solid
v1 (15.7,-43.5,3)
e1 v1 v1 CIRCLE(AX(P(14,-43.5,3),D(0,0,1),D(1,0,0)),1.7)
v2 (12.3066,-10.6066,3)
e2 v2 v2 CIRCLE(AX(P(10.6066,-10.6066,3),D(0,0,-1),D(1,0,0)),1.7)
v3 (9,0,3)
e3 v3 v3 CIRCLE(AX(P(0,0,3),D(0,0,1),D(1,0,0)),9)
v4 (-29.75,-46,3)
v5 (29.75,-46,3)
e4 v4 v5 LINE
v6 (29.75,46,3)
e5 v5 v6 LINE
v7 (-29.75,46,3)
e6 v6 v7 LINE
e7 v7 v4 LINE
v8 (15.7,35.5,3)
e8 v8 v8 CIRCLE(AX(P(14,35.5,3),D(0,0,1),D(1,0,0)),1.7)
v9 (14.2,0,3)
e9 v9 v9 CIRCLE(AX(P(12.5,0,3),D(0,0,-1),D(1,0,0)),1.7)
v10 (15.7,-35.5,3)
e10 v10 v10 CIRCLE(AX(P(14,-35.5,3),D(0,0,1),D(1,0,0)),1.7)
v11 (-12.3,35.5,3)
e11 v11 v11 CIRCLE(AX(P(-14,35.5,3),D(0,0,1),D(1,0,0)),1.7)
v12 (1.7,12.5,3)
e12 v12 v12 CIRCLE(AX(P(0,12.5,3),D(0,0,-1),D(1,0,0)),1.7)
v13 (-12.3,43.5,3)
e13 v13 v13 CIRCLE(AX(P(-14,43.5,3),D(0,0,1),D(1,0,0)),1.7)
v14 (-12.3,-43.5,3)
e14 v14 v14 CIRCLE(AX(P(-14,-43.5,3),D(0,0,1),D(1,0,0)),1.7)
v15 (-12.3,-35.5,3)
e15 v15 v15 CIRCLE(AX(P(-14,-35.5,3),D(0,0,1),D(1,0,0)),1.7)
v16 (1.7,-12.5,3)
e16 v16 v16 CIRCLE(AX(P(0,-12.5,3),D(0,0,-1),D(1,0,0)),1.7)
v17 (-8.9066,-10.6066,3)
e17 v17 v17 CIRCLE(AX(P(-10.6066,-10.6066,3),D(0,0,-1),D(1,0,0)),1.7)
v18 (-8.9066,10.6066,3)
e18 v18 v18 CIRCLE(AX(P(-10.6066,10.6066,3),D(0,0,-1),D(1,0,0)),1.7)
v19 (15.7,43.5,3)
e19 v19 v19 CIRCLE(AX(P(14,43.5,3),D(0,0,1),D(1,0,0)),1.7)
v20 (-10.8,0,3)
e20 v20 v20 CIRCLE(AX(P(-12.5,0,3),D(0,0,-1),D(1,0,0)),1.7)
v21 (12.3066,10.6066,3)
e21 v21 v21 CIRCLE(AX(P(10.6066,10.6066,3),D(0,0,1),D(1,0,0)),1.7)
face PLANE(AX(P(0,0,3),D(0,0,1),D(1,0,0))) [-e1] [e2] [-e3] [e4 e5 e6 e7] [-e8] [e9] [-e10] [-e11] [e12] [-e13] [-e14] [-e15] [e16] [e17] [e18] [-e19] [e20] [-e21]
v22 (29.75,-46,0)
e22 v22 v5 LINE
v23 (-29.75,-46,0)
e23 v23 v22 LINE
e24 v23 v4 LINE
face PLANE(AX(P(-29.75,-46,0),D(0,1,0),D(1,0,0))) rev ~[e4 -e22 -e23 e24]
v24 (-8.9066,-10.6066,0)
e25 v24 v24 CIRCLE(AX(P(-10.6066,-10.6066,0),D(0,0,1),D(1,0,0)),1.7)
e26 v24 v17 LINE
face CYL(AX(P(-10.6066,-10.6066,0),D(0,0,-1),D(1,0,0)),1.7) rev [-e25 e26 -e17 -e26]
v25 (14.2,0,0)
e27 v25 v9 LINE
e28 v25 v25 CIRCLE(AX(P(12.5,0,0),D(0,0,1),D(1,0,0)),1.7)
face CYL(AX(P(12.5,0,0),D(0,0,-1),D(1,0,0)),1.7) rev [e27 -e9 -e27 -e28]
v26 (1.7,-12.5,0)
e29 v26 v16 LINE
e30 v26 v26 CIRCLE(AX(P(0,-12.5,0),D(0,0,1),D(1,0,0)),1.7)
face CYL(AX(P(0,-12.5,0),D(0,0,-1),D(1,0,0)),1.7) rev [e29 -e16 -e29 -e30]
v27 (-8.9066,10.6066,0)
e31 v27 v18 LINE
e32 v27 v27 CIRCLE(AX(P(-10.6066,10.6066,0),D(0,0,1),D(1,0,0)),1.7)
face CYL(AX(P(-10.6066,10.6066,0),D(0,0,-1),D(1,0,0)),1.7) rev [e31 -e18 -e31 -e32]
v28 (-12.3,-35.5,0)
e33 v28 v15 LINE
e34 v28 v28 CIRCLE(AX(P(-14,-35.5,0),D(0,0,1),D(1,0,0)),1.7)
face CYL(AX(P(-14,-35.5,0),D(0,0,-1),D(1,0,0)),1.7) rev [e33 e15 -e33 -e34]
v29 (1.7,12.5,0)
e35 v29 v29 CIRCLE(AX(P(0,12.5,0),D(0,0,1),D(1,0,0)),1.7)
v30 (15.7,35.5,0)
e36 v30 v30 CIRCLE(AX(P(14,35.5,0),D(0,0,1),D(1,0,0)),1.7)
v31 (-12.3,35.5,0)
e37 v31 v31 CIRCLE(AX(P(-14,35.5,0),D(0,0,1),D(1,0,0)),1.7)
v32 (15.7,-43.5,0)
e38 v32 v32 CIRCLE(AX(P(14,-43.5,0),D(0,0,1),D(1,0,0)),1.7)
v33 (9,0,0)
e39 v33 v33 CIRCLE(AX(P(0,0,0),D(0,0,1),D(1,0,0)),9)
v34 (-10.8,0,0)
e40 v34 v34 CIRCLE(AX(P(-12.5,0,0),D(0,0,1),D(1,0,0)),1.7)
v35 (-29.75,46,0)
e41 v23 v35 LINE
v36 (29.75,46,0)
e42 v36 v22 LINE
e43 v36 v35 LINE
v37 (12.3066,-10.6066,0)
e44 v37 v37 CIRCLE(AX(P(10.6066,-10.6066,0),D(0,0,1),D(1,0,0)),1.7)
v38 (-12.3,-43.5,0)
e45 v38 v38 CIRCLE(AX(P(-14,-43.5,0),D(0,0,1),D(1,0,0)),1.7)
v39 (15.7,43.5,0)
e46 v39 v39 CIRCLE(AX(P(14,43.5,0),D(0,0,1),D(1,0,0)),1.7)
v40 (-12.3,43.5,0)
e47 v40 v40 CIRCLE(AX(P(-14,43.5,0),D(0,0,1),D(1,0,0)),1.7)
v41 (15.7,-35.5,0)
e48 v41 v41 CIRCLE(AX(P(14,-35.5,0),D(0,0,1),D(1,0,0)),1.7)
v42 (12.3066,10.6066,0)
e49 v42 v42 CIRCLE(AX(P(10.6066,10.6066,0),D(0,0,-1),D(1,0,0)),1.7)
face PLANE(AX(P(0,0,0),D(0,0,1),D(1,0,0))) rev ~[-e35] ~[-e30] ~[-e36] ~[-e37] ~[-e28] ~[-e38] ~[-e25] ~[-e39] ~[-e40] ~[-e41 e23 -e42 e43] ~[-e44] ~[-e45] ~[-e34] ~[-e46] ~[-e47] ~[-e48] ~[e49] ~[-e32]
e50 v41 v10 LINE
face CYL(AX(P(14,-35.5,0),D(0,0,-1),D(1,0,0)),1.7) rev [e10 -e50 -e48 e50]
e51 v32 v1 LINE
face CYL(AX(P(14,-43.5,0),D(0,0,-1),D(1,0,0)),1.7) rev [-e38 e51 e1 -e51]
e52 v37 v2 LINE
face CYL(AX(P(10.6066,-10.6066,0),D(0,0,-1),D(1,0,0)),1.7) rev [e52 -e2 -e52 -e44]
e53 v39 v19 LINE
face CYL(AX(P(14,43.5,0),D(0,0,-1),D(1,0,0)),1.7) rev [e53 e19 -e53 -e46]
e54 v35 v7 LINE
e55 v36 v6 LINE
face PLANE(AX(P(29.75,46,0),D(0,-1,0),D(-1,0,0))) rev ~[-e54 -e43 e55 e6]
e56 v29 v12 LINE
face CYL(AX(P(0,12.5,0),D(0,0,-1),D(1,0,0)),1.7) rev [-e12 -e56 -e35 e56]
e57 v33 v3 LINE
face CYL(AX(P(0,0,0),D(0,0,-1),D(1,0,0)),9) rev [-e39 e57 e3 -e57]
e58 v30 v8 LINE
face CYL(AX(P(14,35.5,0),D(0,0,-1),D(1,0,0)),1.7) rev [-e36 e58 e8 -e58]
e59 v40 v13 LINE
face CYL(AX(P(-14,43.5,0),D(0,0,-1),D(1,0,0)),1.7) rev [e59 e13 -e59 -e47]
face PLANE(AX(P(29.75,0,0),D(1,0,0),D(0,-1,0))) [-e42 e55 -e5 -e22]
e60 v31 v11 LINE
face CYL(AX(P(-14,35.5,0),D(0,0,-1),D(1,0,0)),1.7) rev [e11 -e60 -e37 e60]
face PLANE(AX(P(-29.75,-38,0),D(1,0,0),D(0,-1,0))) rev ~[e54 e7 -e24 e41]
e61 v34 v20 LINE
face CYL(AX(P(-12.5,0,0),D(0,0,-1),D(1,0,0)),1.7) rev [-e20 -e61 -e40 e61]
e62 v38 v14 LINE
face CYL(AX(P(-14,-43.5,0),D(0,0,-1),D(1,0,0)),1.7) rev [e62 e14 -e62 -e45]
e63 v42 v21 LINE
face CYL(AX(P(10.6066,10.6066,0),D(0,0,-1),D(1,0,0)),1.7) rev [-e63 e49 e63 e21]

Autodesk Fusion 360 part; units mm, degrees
sketch "Sketch1" plane through (0, 0, 0) normal (0, 0, 1) x (1, 0, 0)
  circle A0 centre (0, 0) radius 29.75
  circle A1 centre (0, 0) radius 12.5
  circle A2 centre (0, 0) radius 15
  circle A3 centre (0, 12.5) radius 1.7
  circle A4 centre (-10.6066, 10.6066) radius 1.7
  circle A5 centre (-10.6066, -10.6066) radius 1.7
  circle A6 centre (-12.5, 0) radius 1.7
  circle A7 centre (10.6066, -10.6066) radius 1.7
  circle A8 centre (0, -12.5) radius 1.7
  circle A9 centre (10.6066, 10.6066) radius 1.7
  circle A10 centre (12.5, 0) radius 1.7
  circle A11 centre (-14, 35.5) radius 1.7
  circle A12 centre (14, 35.5) radius 1.7
  circle A13 centre (14, -35.5) radius 1.7
  circle A14 centre (-14, -35.5) radius 1.7
  line L0 (29.75, 38) -> (29.75, -38)
  line L1 (-29.75, -38) -> (-29.75, 38)
  circle A15 centre (0, 0) radius 9
  line L2 (29.75, 38) -> (29.75, 46)
  line L3 (29.75, 46) -> (-29.75, 46)
  line L4 (-29.75, 46) -> (-29.75, 38)
  circle A16 centre (-14, 43.5) radius 1.7
  circle A17 centre (14, 43.5) radius 1.7
  line L5 (-29.75, -46) -> (29.75, -46)
  line L6 (29.75, -46) -> (29.75, -38)
  line L7 (-29.75, -38) -> (-29.75, -46)
  circle A18 centre (-14, -43.5) radius 1.7
  circle A19 centre (14, -43.5) radius 1.7
  dimension "d1" = 59.5
  dimension "d2" = 25
  dimension "d3" = 30
  dimension "d5" = 3.4
  dimension "d10" = 360
  dimension "d13" = 3.4
  dimension "d14" = 3.4
  dimension "d15" = 3.4
  dimension "d16" = 3.4
  dimension "d17" = 59.5
  dimension "d18" = 76
  dimension "d19" = 18
  dimension "d23" = 8
  dimension "d24" = 3.4
  dimension "d25" = 3.4
  dimension "d27" = 59.5
  dimension "d28" = 8
  dimension "d29" = 3.4
  dimension "d30" = 3.4
extrude "Extrude2" add sketch "Sketch1" along normal blind 3 contours A0 | A0 L0 L1 L5 L6 L7 | A0 L0 L1 L2 L3 L4 | A1 A3 A6 A8 A10 | A2 A4 A5 A7 A9
